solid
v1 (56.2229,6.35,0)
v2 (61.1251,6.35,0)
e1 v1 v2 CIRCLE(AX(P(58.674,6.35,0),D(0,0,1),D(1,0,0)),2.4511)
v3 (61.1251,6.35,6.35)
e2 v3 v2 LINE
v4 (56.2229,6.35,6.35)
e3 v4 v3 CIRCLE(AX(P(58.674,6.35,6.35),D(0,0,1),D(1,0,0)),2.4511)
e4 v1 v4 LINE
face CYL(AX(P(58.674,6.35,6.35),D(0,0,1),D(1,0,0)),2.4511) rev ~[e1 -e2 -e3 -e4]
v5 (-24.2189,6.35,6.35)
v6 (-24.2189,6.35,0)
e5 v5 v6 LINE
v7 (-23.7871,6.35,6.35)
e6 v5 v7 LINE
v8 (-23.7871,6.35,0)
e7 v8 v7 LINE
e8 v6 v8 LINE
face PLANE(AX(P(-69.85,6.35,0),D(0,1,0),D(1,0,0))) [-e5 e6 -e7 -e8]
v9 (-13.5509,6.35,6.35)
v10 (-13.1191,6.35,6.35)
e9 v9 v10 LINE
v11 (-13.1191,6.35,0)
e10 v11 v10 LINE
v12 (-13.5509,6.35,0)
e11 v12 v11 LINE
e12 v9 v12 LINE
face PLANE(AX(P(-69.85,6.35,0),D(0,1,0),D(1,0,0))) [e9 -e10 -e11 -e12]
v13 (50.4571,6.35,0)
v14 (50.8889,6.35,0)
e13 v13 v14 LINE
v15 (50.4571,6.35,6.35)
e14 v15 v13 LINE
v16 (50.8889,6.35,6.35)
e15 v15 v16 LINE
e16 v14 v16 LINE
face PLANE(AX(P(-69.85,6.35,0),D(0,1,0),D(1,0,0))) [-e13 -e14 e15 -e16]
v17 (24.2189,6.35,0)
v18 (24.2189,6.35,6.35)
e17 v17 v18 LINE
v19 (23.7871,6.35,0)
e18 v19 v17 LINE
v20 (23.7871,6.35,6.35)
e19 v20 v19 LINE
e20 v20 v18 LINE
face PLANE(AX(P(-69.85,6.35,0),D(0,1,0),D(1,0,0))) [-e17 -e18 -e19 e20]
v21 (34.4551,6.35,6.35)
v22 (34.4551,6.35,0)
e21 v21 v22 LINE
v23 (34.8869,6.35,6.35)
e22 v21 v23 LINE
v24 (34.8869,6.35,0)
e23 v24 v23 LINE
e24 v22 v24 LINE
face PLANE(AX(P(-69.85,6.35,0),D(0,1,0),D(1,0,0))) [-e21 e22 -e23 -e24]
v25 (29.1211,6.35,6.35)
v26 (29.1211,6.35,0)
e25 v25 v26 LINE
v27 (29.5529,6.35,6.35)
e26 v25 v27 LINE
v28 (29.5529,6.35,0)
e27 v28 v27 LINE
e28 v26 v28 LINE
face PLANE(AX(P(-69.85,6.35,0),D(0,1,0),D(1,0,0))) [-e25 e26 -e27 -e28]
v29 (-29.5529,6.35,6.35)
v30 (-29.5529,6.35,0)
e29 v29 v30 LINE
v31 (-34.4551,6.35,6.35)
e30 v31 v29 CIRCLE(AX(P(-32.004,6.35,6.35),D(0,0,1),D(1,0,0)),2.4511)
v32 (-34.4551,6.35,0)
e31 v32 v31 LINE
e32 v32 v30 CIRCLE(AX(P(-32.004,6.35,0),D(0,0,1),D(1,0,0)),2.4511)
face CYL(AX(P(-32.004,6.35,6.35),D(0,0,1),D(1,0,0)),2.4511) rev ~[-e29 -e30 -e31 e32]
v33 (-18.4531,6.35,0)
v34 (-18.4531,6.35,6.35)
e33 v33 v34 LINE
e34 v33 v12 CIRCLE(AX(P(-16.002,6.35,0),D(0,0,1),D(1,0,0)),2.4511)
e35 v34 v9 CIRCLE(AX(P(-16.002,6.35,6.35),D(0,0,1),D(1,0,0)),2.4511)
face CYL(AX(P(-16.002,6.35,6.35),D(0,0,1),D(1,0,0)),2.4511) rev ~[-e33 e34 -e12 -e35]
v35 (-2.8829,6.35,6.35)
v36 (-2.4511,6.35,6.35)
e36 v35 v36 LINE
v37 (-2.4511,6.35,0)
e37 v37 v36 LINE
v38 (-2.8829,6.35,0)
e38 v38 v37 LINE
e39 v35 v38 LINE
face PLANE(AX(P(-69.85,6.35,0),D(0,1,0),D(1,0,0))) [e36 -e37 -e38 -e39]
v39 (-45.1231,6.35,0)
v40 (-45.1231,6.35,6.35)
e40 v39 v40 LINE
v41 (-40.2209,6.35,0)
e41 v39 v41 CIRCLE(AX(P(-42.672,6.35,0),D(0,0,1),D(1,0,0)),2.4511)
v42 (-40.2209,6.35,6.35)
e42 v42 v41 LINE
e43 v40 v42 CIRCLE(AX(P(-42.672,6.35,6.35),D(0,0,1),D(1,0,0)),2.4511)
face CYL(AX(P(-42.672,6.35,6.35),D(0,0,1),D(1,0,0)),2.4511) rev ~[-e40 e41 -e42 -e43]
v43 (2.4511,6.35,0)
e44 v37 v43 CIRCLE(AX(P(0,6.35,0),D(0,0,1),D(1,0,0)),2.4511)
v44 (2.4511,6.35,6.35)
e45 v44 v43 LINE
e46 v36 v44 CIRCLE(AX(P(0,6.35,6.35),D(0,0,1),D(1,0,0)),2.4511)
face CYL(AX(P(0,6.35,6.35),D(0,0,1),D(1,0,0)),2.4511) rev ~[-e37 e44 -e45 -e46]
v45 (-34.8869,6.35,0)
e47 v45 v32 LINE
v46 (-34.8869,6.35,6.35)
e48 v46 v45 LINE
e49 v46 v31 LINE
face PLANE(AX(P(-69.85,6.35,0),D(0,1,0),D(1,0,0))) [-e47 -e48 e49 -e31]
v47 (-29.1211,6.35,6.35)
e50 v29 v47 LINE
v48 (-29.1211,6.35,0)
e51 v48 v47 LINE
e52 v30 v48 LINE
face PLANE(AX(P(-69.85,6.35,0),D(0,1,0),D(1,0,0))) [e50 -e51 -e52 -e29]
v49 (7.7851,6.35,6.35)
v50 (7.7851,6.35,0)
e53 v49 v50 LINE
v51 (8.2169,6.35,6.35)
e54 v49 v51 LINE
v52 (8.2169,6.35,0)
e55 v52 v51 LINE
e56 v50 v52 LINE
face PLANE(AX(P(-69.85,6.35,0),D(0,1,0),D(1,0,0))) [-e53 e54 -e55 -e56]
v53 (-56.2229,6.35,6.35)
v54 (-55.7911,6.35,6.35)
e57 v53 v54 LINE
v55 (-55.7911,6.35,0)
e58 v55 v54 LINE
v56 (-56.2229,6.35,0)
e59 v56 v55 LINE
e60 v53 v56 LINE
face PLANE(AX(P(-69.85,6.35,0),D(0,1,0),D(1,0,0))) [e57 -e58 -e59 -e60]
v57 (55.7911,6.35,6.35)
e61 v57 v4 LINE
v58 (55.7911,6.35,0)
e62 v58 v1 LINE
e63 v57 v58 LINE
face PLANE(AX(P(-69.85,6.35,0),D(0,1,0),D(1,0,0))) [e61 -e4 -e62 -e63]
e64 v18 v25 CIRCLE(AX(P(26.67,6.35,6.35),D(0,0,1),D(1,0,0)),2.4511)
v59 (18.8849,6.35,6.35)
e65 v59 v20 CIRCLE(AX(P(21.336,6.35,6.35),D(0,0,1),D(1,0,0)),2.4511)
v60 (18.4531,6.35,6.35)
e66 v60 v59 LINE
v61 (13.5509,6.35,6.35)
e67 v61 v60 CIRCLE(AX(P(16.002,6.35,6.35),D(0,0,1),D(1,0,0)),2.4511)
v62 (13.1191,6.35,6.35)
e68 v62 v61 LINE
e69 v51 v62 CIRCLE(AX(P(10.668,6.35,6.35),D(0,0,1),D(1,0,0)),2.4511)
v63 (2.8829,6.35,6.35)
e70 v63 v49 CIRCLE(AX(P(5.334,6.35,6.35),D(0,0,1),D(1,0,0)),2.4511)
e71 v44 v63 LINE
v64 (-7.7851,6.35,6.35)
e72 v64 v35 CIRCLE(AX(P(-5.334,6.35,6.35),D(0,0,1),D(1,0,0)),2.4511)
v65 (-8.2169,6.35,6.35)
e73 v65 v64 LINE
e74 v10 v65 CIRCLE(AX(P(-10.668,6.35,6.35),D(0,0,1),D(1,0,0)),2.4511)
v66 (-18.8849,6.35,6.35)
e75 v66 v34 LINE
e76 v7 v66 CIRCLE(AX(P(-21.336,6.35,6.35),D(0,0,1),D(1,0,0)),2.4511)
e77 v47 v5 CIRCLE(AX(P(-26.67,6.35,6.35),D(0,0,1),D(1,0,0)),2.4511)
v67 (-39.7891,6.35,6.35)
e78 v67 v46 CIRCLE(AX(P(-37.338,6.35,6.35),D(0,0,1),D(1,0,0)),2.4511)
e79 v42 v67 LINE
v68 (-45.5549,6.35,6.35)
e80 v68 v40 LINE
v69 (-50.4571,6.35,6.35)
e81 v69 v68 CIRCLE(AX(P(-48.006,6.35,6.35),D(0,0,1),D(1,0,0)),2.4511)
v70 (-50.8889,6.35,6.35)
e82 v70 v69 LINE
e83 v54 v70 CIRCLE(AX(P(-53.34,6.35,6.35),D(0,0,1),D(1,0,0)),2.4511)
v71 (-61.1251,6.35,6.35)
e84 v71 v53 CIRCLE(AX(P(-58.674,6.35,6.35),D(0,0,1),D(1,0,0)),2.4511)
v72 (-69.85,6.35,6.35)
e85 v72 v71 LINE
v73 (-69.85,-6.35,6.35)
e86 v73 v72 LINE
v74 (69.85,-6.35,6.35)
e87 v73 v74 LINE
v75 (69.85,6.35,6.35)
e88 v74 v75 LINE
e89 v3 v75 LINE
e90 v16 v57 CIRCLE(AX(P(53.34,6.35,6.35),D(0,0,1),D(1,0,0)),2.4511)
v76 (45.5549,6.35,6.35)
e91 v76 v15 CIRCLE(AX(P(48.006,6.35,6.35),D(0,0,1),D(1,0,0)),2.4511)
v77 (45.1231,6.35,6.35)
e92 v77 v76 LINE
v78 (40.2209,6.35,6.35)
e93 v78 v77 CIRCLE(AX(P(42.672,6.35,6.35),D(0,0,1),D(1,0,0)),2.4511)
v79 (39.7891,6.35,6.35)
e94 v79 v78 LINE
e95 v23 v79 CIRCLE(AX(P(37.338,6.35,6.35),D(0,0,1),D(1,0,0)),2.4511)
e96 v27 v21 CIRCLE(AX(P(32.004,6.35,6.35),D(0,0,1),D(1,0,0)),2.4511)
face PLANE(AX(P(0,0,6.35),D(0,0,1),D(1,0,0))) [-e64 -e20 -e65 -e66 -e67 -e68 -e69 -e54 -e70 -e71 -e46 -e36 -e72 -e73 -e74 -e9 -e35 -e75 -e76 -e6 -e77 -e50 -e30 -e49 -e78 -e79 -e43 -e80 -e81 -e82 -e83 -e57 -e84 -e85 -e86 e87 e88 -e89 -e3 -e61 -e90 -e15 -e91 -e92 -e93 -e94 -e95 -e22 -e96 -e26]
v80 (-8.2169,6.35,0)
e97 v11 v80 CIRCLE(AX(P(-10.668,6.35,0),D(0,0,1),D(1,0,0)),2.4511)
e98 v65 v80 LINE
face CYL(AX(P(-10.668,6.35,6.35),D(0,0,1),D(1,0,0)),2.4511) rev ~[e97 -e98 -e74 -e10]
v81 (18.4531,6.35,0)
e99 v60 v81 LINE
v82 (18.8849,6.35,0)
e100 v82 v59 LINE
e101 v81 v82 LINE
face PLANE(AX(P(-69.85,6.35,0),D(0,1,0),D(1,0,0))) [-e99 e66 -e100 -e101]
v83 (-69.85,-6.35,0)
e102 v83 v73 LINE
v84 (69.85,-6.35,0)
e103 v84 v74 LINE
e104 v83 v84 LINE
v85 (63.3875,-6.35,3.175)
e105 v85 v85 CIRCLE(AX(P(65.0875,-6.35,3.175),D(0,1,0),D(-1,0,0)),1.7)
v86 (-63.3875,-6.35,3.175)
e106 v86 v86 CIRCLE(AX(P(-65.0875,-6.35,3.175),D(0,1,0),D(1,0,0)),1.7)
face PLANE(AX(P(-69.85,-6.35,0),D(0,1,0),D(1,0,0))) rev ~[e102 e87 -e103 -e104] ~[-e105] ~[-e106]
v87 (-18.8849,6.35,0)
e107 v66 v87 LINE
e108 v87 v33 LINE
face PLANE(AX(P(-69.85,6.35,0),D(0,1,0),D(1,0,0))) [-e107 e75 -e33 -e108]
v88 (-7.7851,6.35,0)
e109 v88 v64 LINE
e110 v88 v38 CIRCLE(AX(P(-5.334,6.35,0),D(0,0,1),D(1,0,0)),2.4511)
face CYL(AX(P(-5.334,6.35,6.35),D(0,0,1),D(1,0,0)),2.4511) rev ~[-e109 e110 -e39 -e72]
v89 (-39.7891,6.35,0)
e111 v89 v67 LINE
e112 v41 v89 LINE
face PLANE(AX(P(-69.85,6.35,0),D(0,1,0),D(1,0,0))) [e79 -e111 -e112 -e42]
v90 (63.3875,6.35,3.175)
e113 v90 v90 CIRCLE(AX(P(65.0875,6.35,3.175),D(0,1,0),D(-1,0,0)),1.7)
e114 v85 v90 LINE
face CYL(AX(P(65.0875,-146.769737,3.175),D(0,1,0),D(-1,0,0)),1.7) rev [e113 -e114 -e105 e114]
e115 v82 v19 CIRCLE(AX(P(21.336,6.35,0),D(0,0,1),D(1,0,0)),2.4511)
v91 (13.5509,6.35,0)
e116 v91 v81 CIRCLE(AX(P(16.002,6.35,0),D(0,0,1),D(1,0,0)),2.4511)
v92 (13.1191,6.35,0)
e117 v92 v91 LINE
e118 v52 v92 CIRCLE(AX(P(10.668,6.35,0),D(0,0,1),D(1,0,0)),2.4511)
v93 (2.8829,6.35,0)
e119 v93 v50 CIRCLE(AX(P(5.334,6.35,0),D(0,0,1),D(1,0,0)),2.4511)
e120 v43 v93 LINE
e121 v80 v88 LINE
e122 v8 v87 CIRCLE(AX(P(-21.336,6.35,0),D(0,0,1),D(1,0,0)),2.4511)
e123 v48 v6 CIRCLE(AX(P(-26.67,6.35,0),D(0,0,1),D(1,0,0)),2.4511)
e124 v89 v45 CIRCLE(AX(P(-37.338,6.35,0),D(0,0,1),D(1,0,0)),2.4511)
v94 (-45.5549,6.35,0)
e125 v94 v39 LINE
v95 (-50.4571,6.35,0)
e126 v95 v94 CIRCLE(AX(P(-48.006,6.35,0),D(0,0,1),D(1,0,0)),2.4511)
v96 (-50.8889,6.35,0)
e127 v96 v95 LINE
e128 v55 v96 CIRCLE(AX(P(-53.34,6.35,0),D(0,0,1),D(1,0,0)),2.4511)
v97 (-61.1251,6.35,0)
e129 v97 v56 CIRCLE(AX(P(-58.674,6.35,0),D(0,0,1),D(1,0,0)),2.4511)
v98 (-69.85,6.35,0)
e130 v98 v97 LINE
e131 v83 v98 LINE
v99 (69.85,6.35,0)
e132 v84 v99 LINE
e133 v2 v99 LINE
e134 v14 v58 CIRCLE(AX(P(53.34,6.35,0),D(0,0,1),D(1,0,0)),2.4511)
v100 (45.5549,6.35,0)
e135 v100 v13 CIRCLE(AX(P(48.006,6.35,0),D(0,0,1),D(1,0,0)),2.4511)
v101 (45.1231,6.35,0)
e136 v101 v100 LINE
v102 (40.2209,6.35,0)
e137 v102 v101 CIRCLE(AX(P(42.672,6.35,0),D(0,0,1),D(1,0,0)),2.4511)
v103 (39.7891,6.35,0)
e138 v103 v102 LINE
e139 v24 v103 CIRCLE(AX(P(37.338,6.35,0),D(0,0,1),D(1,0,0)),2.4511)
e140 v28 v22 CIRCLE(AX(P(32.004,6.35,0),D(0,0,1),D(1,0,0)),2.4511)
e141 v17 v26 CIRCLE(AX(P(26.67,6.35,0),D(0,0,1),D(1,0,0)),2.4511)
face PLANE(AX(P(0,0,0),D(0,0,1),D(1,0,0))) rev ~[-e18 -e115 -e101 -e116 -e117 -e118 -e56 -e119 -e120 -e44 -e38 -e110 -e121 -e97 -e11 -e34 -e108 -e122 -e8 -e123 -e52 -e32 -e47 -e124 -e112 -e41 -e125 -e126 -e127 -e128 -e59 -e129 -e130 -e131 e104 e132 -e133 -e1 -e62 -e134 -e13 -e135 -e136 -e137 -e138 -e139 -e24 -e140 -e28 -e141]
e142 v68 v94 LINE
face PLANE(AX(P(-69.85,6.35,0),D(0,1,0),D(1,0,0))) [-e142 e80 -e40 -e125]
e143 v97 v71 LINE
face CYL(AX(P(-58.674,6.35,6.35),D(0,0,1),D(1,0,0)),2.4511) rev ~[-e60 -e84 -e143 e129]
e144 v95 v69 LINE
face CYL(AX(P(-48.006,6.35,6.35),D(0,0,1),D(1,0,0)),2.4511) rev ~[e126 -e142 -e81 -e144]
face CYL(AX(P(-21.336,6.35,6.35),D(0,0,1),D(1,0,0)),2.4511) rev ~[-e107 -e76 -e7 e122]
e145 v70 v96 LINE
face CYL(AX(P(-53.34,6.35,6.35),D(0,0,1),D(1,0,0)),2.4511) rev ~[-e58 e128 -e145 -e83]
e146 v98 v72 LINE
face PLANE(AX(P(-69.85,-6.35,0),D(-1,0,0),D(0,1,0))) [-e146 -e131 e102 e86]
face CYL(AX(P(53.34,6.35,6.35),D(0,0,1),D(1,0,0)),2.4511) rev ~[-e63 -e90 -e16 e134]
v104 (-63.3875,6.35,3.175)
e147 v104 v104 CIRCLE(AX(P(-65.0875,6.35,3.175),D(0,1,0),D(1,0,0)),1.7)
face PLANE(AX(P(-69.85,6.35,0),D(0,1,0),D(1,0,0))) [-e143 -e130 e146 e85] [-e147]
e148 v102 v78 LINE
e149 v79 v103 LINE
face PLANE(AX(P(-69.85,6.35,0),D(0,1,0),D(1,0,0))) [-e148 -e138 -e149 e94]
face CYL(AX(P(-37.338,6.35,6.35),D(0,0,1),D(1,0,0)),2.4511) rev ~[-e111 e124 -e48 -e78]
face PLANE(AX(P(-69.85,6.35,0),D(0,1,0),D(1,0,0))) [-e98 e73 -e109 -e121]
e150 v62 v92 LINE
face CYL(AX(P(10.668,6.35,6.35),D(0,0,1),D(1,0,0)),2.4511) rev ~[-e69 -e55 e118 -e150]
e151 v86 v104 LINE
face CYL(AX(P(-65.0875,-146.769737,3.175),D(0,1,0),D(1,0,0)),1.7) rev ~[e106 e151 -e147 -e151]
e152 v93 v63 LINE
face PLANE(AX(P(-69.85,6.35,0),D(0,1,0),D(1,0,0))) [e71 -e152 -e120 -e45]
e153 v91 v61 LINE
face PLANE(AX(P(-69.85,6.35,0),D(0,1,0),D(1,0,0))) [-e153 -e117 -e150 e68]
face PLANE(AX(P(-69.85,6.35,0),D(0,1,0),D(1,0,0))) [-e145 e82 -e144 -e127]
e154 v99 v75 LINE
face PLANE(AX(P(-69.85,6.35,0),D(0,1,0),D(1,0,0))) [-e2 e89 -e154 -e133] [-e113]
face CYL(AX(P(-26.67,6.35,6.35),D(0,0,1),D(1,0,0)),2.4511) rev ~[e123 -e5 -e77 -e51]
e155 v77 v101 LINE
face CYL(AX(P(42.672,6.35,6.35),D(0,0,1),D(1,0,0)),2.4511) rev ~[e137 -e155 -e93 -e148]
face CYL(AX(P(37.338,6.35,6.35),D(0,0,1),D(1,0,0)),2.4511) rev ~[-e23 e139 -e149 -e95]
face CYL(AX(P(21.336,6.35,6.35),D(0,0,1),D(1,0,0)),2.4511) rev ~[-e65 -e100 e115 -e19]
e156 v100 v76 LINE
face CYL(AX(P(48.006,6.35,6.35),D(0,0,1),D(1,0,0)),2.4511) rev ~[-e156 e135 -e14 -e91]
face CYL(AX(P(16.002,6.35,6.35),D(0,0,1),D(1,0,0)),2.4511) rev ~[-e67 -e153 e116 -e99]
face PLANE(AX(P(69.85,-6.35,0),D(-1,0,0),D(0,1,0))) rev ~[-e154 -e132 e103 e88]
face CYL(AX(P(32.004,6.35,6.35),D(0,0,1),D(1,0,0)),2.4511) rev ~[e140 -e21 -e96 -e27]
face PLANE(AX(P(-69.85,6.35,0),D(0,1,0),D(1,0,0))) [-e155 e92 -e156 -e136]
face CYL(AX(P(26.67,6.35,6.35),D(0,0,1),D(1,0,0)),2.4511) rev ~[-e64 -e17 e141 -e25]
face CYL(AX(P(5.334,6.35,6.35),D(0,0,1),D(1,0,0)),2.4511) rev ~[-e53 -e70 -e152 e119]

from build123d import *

# Parameters (mm, degrees)
SKETCH1_W            = 139.7
SKETCH1_H            = 12.7
BOSS_EXTRUDE1_DEPTH  = 6.35
SKETCH2_R            = 2.4511
CUT_EXTRUDE1_DEPTH   = 7.35
M3_CLEARANCE_HOLE1_D = 3.4


with BuildPart() as part:
    # Sketch1 → Boss-Extrude1 (new body)
    with BuildSketch(Plane.XY):
        Rectangle(SKETCH1_W, SKETCH1_H)
    extrude(amount=BOSS_EXTRUDE1_DEPTH)

    # Sketch2 → Cut-Extrude1 (cut, through all)
    with BuildSketch(Plane.XY.offset(6.35)):
        with Locations((0, 6.35)):
            Circle(SKETCH2_R)
        with Locations((5.334, 6.35)):
            Circle(SKETCH2_R)
        with Locations((10.668, 6.35)):
            Circle(SKETCH2_R)
        with Locations((16.002, 6.35)):
            Circle(SKETCH2_R)
        with Locations((21.336, 6.35)):
            Circle(SKETCH2_R)
        with Locations((26.67, 6.35)):
            Circle(SKETCH2_R)
        with Locations((32.004, 6.35)):
            Circle(SKETCH2_R)
        with Locations((37.338, 6.35)):
            Circle(SKETCH2_R)
        with Locations((42.672, 6.35)):
            Circle(SKETCH2_R)
        with Locations((48.006, 6.35)):
            Circle(SKETCH2_R)
        with Locations((53.34, 6.35)):
            Circle(SKETCH2_R)
        with Locations((58.674, 6.35)):
            Circle(SKETCH2_R)
        with Locations((-5.334, 6.35)):
            Circle(SKETCH2_R)
        with Locations((-10.668, 6.35)):
            Circle(SKETCH2_R)
        with Locations((-16.002, 6.35)):
            Circle(SKETCH2_R)
        with Locations((-21.336, 6.35)):
            Circle(SKETCH2_R)
        with Locations((-26.67, 6.35)):
            Circle(SKETCH2_R)
        with Locations((-32.004, 6.35)):
            Circle(SKETCH2_R)
        with Locations((-37.338, 6.35)):
            Circle(SKETCH2_R)
        with Locations((-42.672, 6.35)):
            Circle(SKETCH2_R)
        with Locations((-48.006, 6.35)):
            Circle(SKETCH2_R)
        with Locations((-53.34, 6.35)):
            Circle(SKETCH2_R)
        with Locations((-58.674, 6.35)):
            Circle(SKETCH2_R)
    extrude(amount=-CUT_EXTRUDE1_DEPTH, mode=Mode.SUBTRACT)

    # M3 Clearance Hole1 (through all)
    with Locations(Plane(origin=(0, -6.35, 0), x_dir=(-1, 0, 0), z_dir=(0, -1, 0))):
        with Locations((65.0875, -3.175)):
            m3_clearance_hole1 = Hole(M3_CLEARANCE_HOLE1_D / 2)

    # Mirror1: M3 Clearance Hole1 across plane
    add(m3_clearance_hole1.mirror(Plane(origin=(0, 0, 0), x_dir=(0, 0, 1), z_dir=(1, 0, 0))), mode=Mode.SUBTRACT)


solid = part.part
